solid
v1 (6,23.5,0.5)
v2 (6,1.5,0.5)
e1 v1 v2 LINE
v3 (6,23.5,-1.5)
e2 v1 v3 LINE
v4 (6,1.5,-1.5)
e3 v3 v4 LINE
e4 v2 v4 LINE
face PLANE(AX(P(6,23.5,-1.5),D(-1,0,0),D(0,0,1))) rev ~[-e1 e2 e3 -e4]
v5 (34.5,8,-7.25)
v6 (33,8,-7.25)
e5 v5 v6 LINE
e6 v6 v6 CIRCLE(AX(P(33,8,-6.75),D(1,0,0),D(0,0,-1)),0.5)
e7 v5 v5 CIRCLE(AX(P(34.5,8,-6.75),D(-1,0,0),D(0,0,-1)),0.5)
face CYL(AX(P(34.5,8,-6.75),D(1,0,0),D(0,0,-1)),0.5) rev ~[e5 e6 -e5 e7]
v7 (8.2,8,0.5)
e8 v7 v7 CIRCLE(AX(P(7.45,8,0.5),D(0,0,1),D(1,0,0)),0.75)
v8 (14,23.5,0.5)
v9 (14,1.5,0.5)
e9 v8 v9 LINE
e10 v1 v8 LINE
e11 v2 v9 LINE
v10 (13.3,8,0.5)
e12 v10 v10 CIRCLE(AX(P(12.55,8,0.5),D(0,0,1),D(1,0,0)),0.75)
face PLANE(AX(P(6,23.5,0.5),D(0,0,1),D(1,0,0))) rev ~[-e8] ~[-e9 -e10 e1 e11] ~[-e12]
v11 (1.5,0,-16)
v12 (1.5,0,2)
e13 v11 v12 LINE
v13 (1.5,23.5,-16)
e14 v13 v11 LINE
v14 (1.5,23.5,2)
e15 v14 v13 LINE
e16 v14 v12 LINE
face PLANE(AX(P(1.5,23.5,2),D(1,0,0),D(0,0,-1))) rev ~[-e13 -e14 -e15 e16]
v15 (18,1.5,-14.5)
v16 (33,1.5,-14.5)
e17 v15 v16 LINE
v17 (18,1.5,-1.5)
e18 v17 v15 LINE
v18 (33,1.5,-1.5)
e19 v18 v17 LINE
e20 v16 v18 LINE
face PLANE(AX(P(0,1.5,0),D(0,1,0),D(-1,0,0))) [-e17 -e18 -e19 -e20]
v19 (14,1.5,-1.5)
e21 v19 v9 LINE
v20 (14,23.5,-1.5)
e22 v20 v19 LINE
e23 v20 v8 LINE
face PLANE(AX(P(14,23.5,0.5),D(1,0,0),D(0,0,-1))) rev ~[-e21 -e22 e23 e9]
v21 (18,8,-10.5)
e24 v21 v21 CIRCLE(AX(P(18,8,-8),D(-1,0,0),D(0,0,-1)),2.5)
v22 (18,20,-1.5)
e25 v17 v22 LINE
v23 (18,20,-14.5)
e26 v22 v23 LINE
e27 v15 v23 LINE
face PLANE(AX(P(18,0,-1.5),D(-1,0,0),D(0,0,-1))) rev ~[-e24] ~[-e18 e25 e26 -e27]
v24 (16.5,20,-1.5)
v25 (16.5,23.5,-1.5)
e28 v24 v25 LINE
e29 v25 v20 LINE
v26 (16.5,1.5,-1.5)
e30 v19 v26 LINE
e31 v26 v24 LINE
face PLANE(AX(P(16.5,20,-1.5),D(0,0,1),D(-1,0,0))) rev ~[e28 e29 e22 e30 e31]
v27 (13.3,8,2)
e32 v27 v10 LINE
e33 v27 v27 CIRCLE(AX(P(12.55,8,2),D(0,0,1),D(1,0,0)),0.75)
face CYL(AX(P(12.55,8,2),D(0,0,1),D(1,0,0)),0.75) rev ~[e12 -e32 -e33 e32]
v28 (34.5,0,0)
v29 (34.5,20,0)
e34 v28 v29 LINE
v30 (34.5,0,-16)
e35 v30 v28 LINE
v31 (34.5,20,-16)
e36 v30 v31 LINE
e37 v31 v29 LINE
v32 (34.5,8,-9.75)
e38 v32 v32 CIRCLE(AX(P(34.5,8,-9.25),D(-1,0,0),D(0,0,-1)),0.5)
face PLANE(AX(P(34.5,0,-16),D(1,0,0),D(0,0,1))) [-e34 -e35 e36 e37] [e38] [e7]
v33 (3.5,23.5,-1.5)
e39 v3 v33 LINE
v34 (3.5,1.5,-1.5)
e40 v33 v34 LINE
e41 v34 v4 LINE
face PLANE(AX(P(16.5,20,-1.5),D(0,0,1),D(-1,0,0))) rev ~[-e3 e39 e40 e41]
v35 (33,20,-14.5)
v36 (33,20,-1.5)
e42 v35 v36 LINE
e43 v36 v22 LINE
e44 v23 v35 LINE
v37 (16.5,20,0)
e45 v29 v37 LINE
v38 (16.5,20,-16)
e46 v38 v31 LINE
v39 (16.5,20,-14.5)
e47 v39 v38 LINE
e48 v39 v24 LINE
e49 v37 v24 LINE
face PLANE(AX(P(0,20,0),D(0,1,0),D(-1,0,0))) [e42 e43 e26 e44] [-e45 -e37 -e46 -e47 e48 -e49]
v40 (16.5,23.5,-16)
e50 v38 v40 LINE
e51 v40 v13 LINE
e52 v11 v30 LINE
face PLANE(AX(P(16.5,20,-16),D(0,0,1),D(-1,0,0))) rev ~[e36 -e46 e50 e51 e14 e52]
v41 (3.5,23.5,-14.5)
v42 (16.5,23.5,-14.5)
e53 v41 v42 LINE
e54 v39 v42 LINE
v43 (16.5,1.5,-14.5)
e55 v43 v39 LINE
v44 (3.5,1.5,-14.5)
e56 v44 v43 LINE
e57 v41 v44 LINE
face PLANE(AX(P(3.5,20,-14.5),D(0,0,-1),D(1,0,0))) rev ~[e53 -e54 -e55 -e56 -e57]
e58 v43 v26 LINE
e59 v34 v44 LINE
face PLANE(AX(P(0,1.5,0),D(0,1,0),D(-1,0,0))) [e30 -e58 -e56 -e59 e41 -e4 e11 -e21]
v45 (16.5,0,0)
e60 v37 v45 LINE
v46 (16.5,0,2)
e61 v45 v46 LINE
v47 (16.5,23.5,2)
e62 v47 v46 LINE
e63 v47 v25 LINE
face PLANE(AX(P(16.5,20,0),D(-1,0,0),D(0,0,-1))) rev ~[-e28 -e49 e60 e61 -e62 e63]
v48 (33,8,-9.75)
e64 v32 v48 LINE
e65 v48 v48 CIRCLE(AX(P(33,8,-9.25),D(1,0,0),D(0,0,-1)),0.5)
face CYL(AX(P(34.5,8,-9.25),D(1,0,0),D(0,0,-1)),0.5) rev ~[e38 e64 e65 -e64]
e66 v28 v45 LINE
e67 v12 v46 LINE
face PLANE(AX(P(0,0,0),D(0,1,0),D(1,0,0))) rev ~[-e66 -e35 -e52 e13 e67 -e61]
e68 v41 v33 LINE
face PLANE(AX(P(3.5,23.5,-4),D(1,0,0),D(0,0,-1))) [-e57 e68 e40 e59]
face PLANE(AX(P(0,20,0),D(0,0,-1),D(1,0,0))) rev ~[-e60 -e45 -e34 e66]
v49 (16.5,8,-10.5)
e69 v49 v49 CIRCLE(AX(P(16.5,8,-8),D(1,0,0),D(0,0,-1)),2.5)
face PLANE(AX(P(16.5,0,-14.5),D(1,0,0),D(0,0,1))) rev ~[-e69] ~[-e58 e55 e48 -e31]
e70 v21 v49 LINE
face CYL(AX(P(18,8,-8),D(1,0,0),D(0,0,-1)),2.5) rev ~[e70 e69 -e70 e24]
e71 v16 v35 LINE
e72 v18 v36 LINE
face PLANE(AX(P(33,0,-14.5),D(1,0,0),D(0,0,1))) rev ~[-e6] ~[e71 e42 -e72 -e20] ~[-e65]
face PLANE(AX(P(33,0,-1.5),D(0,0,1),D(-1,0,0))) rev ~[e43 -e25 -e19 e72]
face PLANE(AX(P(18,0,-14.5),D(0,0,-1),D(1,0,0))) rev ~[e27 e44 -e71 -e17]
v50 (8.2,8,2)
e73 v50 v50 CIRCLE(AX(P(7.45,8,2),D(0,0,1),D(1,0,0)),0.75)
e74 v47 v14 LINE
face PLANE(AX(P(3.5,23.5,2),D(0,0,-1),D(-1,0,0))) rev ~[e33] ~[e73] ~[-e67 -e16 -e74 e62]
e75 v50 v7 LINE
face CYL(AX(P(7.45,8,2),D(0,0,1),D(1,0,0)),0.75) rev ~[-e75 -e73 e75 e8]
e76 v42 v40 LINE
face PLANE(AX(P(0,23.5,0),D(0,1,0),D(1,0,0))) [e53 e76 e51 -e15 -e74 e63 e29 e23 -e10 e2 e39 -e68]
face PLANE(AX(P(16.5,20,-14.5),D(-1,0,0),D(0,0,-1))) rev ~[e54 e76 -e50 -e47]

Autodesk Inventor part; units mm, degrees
ref_plane "YZ Plane" through (0, 0, 0) normal (1, 0, 0) x (0, 1, 0)
ref_plane "XZ Plane" through (0, 0, 0) normal (0, 1, 0) x (-1, 0, 0)
ref_plane "XY Plane" through (0, 0, 0) normal (0, 0, 1) x (1, 0, 0)
sketch "Esboço1" plane through (0, 0, 0) normal (0, 1, 0) x (-1, 0, 0)
  line L0 (0, 0) -> (0, -16)
  line L1 (0, -16) -> (-34.5, -16)
  line L2 (-34.5, -16) -> (-34.5, 0)
  line L3 (-34.5, 0) -> (0, 0)
  line L4 (-3.5, -14.5) -> (-16.5, -14.5)
  line L5 (-16.5, -14.5) -> (-16.5, -1.5)
  line L6 (-16.5, -1.5) -> (-3.5, -1.5)
  line L7 (-18, -14.5) -> (-33, -14.5)
  line L8 (-33, -14.5) -> (-33, -1.5)
  line L9 (-33, -1.5) -> (-18, -1.5)
  line L10 (-18, -1.5) -> (-18, -14.5)
  line L11 (-3.5, -14.5) -> (-3.5, -12)
  line L12 (-3.5, -12) -> (-1.5, -12)
  line L13 (-1.5, -12) -> (-1.5, -4)
  line L14 (-1.5, -4) -> (-3.5, -4)
  line L15 (-3.5, -4) -> (-3.5, -1.5)
  point P0 (-34.5, -8)
  dimension "d0" = 13
  dimension "d1" = 13
  dimension "d2" = 15
  dimension "d3" = 13
  dimension "d4" = 8
  dimension "d5" = 2.5
  dimension "d6" = 1.5
  dimension "d7" = 1.5
  dimension "d8" = 2
  dimension "d9" = 1.5
  dimension "d10" = 1.5
  dimension "d11" = 1.5
extrude "Extrusão1" add sketch "Esboço1" along normal blind 1.5 contours L4 L5 L6 L15 L14 L13 L12 L11 | L7 L8 L9 L10
extrude "Extrusão2" add sketch "Esboço1" along normal blind 20
sketch "Esboço2" plane through (0, 0, -16) normal (-1, 0, 0) x (0, 0, 1)
  line L0 (12, 20) -> (4, 20) projected
  line L1 (8, 20) -> (8, 0)
  line L2 (0, 0) -> (0, 20) projected
  circle A0 centre (5.45, 8) radius 0.5
  circle A1 centre (10.55, 8) radius 0.5
  line L3 (0, 0) -> (16, 0) projected
  dimension "d23" = 8
extrude "Extrusão3" cut sketch "Esboço2" against normal blind 10
sketch "Esboço3" plane through (34.5, 0, 0) normal (1, 0, 0) x (0, 0, -1)
  line L0 (0, 20) -> (16, 20) projected
  line L1 (8, 20) -> (8, 0)
  circle A0 centre (6.75, 8) radius 0.5
  circle A1 centre (9.25, 8) radius 0.5
  line L2 (0, 0) -> (16, 0) projected
  line L3 (11, 16) -> (11, 8)
  line L4 (11, 8) -> (5, 8)
  line L5 (5, 8) -> (5, 16)
  circle A2 centre (5, 12) radius 1.5
  circle A3 centre (11, 12) radius 1.5
  dimension "d26" = 1
  dimension "d27" = 1
  dimension "d28" = 8
  dimension "d29" = 8
  dimension "d30" = 1.25
  dimension "d31" = 1.25
  dimension "d78" = 3
  dimension "d79" = 3
  dimension "d80" = 3
  dimension "d81" = 3
extrude "Extrusão4" cut sketch "Esboço3" against normal blind 10 contours L4 A0 | A1 L4 | L4 A1 | A0 L4
sketch "Esboço4" plane through (18, 1.5, -14.5) normal (1, 0, 0) x (0, 0, -1)
  line L0 (-14.5, -1.5) -> (1.5, -1.5) projected
  line L1 (-6.5, -1.5) -> (-6.5, 18.5)
  line L2 (0, 18.5) -> (-13, 18.5) projected
  circle A0 centre (-6.5, 6.5) radius 2.5
  line L3 (0, 0) -> (-13, 0) projected
  dimension "d40" = 5
  dimension "d42" = 6.5
extrude "Extrusão5" cut sketch "Esboço4" against normal blind 10
sketch "Esboço6" plane through (0, 20, 0) normal (0, 1, 0) x (1, 0, 0)
  line L0 (0, 0) -> (34.5, 0) projected
  line L1 (0, 0) -> (16.5, 0)
  line L2 (0, 0) -> (16.5, 0) construction
  line L3 (16.5, 14.5) -> (16.5, 1.5) projected
  line L4 (16.5, 0) -> (16.5, 1.5)
  line L5 (16.5, 1.5) -> (3.5, 1.5) projected
  line L6 (16.5, 1.5) -> (3.5, 1.5)
  line L7 (3.5, 1.5) -> (3.5, 4) projected
  line L8 (3.5, 1.5) -> (3.5, 4)
  line L9 (3.5, 4) -> (1.5, 4) projected
  line L10 (3.5, 4) -> (1.5, 4)
  line L11 (1.5, 4) -> (1.5, 12)
  line L12 (1.5, 12) -> (3.5, 12) projected
  line L13 (1.5, 12) -> (3.5, 12)
  line L14 (3.5, 12) -> (3.5, 14.5) projected
  line L15 (3.5, 12) -> (3.5, 14.5)
  line L16 (3.5, 14.5) -> (16.5, 14.5) projected
  line L17 (3.5, 14.5) -> (16.5, 14.5)
  line L18 (16.5, 14.5) -> (16.5, 16)
  line L19 (34.5, 16) -> (0, 16) projected
  line L20 (0, 16) -> (0, 0) projected
  line L21 (0, 16.0004) -> (0, 0)
  dimension "d66" = 16.5
  dimension "d67" = 0
extrude "Extrusão8" add sketch "Esboço6" along normal blind 3.5 contours L20 L19 L18 L16 L14 L12 L11 L9 L7 L5 L4 L0
sketch "Sketch8" plane through (0, 23.5, 0) normal (0, 1, 0) x (1, 0, 0)
  line L0 (3.5, 1.5) -> (16.5, 1.5) projected
  line L1 (6, 1.5) -> (6, -0.5)
  line L2 (6, -0.5) -> (14, -0.5)
  line L3 (14, -0.5) -> (14, 1.5)
  line L4 (16.5, 1.5) -> (14, 1.5)
  line L5 (3.5, 1.5) -> (3.5, -2)
  line L6 (3.5, -2) -> (16.5, -2)
  line L7 (16.5, -2) -> (16.5, 1.5)
  line L8 (0, 0) -> (34.5, 0) projected
  point P0 (6, 0)
  point P1 (14, 0)
  dimension "d86" = 8
  dimension "d87" = 2.5
  dimension "d88" = 2
  dimension "d89" = 2
  dimension "d90" = 3.5
extrude "Extrusion12" add sketch "Sketch8" against normal up to surface (23.5 mm away) contours L0 L1 L8 L5 | L8 L1 L2 L3 L7 L6 L5 | L0 L7 L8 L3
extrude "Extrusion13" cut sketch "Sketch8" against normal blind 22 contours L0 L3 L8 L1
sketch "Sketch9" plane through (0, 23.5, 0) normal (0, 1, 0) x (1, 0, 0)
  line L0 (34.5, 16) -> (0, 16) projected
  line L1 (0, 0) -> (3.5, 0) projected
  line L2 (0, 16) -> (1.5, 16)
  line L3 (1.5, 16) -> (1.5, 0)
  line L4 (1.5, 0) -> (0, 0)
  line L5 (0, 0) -> (0, 16)
  line L6 (3.5, 12) -> (1.5, 12) projected
  line L7 (3.5, 1.5) -> (3.5, 4) projected
  line L8 (3.5, 12) -> (3.5, 4)
  dimension "d95" = 1.5
extrude "Extrusion14" cut sketch "Sketch9" against normal through all
sketch "Sketch10" plane through (0, 23.5, 0) normal (0, 1, 0) x (1, 0, 0)
  line L0 (3.5, 14.5) -> (3.5, 12) projected
  line L1 (1.5, 12) -> (1.5, 4) projected
  line L2 (3.5, 12) -> (1.5, 12)
  line L3 (1.5, 12) -> (1.5, 4)
  line L4 (1.5, 4) -> (3.5, 4)
  line L5 (3.5, 4) -> (3.5, 12)
  point P0 (0, 0)
extrude "Extrusion15" add sketch "Sketch10" against normal up to surface (22 mm away)
sketch "Sketch11" plane through (0, 0, 0) normal (0, -1, 0) x (1, 0, 0)
  line L0 (6, 0) -> (14, 0) projected
  line L1 (6, 0.5) -> (14, 0.5) projected
  line L2 (6, 0) -> (14, 0)
  line L3 (14, 0) -> (14, 0.5)
  line L4 (14, 0.5) -> (6, 0.5)
  line L5 (6, 0.5) -> (6, 0)
  point P0 (0, 0)
extrude "Extrusion16" add sketch "Sketch11" against normal blind 1.5
sketch "Sketch12" plane through (0, 23.5, 0) normal (0, 1, 0) x (1, 0, 0)
  line L0 (1.5, 16) -> (1.5, 0) projected
  line L1 (3.5, -2) -> (3.5, 0) projected
  line L2 (1.5, 0) -> (3.5, 0)
  line L3 (3.5, 0) -> (3.5, -2)
  line L4 (3.5, -2) -> (1.5, -2)
  line L5 (1.5, -2) -> (1.5, 0)
  point P0 (0, 0)
extrude "Extrusion17" add sketch "Sketch12" against normal up to surface (23.5 mm away)
sketch "Sketch13" plane through (16.5, 0, 2) normal (0, 0, 1) x (1, 0, 0)
  line L0 (-13, 23.5) -> (0, 23.5) projected
  line L1 (-6.5, 23.5) -> (-6.5, 0)
  circle A0 centre (-3.95, 8) radius 0.75
  circle A1 centre (-9.05, 8) radius 0.75
  line L2 (0, 0) -> (-15, 0) projected
  line L3 (0, 23.5) -> (0, 0) projected
  point P0 (-16.5, 0)
  dimension "d104" = 1.5
  dimension "d105" = 1.5
  dimension "d106" = 8
  dimension "d107" = 8
  dimension "d108" = 6.5
  dimension "d109" = 2.55
  dimension "d110" = 2.55
extrude "Extrusion18" cut sketch "Sketch13" against normal blind 10 contours A0 | A1
properties part number "Base_3DPrint"
